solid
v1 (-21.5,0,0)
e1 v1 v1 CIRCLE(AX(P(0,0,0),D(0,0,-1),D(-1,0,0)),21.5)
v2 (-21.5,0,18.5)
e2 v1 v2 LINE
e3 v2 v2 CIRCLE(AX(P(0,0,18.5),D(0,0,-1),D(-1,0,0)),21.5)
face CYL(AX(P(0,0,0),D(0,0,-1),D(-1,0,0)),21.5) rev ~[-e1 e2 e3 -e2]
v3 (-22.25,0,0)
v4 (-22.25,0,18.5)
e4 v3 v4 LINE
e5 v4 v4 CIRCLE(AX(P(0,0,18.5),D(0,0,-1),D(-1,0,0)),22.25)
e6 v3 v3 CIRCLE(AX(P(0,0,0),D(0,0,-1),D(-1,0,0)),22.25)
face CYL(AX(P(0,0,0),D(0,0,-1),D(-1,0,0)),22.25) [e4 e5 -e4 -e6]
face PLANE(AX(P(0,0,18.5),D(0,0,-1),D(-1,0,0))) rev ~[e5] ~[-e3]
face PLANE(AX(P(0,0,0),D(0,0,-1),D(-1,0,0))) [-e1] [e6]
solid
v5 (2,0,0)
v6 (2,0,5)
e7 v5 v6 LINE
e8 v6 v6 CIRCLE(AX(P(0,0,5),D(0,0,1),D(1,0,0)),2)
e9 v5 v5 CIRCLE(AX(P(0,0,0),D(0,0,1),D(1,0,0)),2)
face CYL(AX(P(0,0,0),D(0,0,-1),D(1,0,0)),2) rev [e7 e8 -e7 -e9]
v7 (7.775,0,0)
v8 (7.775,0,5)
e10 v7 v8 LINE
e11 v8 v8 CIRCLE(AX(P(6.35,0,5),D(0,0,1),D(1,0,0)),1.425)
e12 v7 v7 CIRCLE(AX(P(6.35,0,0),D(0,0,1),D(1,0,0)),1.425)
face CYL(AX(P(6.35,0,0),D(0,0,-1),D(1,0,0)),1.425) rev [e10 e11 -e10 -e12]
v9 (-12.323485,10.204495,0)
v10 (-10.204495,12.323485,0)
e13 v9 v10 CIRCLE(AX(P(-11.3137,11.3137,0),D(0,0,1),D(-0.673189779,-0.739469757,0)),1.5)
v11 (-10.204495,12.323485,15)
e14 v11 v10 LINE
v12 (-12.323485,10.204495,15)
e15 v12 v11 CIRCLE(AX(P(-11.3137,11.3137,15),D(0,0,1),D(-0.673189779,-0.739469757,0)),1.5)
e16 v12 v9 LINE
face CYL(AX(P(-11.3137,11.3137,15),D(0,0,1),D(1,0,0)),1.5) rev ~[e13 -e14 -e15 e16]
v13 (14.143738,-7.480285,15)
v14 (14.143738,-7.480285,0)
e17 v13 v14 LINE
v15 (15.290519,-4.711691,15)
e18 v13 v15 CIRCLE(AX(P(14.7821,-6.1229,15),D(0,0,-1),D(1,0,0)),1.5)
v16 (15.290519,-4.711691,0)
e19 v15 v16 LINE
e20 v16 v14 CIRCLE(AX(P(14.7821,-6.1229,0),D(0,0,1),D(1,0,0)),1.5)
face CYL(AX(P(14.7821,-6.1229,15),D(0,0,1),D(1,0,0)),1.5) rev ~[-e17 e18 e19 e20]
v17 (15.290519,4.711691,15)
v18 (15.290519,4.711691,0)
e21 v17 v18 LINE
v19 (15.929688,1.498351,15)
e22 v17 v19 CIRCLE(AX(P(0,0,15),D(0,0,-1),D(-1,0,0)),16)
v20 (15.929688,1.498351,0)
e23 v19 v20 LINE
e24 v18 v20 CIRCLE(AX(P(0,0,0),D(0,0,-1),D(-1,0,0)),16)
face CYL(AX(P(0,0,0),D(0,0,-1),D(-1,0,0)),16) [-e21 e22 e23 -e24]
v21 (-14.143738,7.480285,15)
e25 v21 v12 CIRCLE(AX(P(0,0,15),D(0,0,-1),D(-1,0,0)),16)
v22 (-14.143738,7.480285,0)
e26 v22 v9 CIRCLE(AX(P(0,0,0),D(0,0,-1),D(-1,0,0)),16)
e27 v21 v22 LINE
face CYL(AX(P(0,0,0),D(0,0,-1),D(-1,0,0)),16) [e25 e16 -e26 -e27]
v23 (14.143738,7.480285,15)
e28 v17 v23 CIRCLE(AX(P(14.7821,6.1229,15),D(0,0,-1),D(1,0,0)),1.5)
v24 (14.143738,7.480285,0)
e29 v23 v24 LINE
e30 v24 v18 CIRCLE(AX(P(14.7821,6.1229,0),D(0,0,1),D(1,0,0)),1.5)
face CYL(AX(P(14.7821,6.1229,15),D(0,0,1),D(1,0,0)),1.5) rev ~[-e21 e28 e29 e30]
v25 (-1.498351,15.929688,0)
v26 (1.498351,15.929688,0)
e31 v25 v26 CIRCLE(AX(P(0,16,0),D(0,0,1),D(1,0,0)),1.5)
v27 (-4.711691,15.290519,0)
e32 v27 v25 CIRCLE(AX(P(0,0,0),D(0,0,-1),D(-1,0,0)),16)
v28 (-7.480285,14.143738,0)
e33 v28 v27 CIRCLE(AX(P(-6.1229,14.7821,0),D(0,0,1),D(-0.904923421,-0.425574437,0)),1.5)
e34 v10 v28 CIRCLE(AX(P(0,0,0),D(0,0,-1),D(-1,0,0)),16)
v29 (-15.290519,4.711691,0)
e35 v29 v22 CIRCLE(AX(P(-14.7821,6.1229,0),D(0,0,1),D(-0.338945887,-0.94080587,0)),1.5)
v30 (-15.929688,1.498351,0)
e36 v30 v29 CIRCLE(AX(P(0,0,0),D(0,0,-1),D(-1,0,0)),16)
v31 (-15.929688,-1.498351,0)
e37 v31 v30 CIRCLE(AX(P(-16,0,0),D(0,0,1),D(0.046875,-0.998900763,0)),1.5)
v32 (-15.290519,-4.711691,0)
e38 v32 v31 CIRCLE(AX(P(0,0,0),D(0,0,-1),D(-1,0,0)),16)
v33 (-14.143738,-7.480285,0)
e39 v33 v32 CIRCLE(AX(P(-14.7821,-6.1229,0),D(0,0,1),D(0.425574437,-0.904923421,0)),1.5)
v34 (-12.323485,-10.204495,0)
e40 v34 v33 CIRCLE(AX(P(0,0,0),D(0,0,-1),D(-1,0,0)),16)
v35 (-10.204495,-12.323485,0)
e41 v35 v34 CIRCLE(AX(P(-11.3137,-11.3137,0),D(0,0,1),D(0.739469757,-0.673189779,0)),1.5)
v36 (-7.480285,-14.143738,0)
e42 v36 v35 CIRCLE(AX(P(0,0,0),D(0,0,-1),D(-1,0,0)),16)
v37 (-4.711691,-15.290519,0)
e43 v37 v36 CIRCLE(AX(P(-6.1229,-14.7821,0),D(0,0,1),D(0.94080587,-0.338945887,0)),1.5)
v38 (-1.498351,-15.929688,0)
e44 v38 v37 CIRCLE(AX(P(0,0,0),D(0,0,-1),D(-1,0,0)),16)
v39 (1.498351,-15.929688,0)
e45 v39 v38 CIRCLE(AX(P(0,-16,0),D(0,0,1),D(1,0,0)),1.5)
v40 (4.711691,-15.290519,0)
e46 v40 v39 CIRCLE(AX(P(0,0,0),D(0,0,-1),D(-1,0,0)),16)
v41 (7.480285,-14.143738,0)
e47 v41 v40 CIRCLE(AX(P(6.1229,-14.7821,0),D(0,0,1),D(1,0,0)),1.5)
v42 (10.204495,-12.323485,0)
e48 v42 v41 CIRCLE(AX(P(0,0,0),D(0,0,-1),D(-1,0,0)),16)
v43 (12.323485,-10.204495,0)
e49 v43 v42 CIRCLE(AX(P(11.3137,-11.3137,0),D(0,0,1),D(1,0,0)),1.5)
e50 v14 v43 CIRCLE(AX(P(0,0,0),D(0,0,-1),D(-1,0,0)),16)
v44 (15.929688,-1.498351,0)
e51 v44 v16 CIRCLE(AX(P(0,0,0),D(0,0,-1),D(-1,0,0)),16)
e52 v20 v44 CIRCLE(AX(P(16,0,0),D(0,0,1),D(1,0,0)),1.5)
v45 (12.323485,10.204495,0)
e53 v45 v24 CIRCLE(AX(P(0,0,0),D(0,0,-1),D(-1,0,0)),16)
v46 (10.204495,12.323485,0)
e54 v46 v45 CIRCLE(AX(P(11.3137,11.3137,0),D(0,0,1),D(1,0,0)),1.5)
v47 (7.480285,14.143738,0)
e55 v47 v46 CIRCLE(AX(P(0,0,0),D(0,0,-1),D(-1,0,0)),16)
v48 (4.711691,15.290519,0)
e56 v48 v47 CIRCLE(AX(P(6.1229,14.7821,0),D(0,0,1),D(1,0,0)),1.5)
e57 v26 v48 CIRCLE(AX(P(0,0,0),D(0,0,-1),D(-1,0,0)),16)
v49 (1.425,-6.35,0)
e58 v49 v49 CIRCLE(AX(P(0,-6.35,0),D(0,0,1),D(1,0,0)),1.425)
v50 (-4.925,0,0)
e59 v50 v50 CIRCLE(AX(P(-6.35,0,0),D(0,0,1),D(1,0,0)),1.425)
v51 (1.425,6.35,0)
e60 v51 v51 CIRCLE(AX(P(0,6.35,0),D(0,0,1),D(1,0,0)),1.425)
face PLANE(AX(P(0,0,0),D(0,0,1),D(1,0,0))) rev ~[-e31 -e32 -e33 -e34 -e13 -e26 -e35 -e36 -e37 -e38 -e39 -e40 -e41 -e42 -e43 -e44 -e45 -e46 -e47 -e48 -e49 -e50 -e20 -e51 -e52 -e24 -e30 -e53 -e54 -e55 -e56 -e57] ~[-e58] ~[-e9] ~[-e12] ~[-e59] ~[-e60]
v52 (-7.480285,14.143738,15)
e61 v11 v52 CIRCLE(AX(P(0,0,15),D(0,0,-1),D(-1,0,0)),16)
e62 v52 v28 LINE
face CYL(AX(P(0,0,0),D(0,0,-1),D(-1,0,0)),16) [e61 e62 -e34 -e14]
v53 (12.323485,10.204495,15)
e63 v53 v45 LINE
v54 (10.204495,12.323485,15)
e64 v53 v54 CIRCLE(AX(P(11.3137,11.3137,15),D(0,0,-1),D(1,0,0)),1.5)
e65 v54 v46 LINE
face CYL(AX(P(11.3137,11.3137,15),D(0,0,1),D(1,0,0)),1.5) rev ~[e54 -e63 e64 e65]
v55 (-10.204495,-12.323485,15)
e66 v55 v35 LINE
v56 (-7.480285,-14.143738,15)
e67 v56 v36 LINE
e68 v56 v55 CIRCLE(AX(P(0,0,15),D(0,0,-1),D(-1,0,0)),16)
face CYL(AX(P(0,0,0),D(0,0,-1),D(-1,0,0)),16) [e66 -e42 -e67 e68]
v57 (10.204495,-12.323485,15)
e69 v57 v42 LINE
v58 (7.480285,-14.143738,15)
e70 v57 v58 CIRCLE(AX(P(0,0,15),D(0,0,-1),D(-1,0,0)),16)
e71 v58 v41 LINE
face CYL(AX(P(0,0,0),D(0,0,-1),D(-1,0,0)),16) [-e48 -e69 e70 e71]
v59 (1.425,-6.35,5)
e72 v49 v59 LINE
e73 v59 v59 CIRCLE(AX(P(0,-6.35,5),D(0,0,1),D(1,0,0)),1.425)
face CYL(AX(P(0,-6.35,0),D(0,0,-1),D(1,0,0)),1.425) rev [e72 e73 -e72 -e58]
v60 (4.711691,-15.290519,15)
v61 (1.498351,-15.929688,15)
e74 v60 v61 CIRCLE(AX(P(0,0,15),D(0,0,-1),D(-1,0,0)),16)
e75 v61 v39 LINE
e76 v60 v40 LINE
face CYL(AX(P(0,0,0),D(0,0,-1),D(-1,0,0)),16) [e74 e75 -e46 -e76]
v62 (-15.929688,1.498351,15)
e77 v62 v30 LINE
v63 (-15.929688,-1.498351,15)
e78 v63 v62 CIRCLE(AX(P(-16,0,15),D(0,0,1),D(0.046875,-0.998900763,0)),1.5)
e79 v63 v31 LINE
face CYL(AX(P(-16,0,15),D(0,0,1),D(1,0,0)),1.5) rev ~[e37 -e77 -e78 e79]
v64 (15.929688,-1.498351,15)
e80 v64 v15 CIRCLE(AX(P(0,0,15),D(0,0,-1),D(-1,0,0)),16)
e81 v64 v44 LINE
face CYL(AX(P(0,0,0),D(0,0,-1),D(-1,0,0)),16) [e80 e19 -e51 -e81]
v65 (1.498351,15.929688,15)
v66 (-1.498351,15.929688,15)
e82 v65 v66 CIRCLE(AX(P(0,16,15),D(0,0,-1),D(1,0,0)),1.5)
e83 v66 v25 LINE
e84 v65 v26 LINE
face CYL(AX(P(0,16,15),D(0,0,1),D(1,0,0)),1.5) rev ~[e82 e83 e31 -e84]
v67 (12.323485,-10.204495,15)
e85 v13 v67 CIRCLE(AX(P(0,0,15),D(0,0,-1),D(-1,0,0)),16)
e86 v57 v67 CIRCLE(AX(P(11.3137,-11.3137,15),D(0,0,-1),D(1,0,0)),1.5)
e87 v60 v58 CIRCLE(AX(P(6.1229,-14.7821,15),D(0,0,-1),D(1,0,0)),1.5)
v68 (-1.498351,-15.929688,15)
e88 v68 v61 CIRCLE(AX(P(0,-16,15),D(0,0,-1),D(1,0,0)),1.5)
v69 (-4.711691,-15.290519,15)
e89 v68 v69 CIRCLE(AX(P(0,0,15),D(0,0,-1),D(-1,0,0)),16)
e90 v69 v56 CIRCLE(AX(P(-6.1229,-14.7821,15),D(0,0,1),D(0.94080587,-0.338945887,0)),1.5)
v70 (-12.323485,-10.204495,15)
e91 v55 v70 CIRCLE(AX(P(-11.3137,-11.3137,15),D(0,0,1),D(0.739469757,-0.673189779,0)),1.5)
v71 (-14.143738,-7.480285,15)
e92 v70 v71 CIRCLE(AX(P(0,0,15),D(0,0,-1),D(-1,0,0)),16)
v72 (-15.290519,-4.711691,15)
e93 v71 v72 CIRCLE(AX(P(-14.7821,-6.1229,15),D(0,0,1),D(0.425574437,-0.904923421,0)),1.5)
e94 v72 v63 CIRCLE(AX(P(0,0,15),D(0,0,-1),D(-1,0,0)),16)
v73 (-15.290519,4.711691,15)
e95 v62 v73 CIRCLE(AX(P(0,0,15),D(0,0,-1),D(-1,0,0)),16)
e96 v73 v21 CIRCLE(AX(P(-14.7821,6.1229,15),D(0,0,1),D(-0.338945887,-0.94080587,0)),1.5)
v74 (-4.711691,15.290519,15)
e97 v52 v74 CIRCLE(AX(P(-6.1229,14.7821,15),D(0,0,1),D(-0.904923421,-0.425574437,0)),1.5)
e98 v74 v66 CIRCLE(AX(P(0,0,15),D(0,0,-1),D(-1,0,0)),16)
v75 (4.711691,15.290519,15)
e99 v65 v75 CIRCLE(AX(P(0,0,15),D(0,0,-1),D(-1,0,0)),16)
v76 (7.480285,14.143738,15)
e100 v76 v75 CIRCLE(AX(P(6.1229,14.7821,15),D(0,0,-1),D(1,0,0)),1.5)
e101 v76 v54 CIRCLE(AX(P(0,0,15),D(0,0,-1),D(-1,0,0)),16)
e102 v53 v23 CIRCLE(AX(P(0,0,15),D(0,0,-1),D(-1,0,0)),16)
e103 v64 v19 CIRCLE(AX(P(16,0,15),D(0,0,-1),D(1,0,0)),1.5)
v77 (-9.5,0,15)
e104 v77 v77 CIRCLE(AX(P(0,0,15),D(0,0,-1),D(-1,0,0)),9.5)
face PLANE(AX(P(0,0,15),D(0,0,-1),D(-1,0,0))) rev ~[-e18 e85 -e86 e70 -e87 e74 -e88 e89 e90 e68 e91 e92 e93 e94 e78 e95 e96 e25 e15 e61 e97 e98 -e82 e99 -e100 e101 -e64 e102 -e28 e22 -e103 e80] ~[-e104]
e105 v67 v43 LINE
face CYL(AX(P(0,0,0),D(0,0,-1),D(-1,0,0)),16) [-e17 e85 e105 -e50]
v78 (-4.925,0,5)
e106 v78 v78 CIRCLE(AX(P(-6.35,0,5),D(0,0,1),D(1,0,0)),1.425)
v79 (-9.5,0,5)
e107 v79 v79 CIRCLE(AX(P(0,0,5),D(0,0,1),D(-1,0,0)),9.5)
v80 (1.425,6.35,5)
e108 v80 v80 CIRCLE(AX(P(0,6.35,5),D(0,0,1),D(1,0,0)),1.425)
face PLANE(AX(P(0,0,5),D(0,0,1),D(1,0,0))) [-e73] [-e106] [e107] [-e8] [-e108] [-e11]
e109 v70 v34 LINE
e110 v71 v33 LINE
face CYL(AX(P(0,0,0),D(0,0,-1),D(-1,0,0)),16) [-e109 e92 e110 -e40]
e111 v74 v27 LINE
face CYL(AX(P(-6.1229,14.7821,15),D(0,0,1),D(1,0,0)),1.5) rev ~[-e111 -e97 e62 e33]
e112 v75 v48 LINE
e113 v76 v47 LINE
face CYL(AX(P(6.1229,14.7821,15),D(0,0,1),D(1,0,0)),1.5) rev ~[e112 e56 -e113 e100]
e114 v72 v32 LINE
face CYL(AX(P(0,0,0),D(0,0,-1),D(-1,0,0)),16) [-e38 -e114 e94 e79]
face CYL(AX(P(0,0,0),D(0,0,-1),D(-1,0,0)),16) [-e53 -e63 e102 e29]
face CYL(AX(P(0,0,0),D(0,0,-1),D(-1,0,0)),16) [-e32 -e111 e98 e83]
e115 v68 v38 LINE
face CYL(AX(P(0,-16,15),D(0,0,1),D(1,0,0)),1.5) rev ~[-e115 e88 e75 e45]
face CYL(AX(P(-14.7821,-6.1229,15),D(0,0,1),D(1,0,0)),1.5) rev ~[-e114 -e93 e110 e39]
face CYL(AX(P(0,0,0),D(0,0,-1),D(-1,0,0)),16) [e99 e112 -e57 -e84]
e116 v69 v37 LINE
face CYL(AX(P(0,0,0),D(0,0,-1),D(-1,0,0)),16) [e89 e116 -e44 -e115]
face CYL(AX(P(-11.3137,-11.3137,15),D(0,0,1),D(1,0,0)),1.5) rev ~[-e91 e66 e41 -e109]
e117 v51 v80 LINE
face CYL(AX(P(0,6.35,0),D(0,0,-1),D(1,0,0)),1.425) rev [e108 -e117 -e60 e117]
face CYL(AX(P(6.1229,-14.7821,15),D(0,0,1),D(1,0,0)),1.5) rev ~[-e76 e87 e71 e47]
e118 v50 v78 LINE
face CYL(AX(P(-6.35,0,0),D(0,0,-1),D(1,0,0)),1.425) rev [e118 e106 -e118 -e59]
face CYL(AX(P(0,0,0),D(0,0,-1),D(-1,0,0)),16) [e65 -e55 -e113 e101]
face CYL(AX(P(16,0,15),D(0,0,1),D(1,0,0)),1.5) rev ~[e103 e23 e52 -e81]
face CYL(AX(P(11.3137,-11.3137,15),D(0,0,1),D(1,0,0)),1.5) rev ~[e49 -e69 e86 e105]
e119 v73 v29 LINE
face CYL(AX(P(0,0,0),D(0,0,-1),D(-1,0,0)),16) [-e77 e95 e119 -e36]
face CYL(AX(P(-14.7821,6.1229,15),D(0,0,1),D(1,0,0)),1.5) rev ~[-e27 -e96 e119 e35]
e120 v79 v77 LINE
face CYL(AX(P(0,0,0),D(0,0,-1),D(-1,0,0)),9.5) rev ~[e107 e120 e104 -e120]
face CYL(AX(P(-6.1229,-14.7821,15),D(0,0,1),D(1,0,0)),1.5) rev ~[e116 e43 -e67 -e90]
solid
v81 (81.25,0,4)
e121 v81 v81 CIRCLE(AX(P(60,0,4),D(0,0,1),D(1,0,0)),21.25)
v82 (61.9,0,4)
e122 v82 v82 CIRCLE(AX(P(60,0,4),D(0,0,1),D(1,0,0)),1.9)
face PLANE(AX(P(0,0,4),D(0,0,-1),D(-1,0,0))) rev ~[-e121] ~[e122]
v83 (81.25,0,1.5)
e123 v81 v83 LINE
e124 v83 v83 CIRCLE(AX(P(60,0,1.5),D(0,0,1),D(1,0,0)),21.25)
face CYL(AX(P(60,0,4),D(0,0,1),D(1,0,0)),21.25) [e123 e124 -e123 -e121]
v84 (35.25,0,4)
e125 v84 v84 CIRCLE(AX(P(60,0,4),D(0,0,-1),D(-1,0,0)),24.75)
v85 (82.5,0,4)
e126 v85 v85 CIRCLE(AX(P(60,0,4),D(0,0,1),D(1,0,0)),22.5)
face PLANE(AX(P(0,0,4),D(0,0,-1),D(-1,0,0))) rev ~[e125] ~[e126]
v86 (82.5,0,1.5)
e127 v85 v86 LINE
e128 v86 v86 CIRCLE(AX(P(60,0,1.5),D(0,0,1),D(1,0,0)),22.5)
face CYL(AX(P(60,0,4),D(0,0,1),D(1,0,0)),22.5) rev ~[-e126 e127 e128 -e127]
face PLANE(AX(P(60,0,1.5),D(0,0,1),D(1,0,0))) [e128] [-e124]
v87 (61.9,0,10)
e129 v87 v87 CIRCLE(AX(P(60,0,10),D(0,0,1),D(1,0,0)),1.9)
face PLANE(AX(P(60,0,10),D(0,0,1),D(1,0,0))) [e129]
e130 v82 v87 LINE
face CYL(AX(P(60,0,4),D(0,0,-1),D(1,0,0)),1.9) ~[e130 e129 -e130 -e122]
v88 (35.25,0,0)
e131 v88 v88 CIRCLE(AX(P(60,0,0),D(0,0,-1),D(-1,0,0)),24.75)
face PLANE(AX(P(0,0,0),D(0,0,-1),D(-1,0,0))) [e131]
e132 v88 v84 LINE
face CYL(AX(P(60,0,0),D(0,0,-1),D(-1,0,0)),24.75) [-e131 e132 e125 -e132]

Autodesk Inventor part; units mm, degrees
ref_plane "YZ Plane" through (0, 0, 0) normal (1, 0, 0) x (0, 1, 0)
ref_plane "XZ Plane" through (0, 0, 0) normal (0, 1, 0) x (-1, 0, 0)
ref_plane "XY Plane" through (0, 0, 0) normal (0, 0, 1) x (1, 0, 0)
sketch "Sketch1" plane through (0, 0, 0) normal (0, 0, 1) x (1, 0, 0)
  circle A0 centre (0, 0) radius 9.5
  circle A1 centre (0, 6.35) radius 1.425
  circle A2 centre (6.35, 0) radius 1.425
  circle A3 centre (0, -6.35) radius 1.425
  circle A4 centre (-6.35, 0) radius 1.425
  circle A5 centre (0, 0) radius 2
  dimension "d0" = 19
  dimension "d1" = 2.85
  dimension "d2" = 2.85
  dimension "d3" = 2.85
  dimension "d4" = 2.85
  dimension "d5" = 4
  dimension "d6" = 6.35
  dimension "d7" = 6.35
  dimension "d8" = 6.35
  dimension "d9" = 6.35
extrude "Hub Mount" add sketch "Sketch1" along normal blind 5
sketch "Sketch2" plane through (0, 0, 0) normal (0, 0, -1) x (-1, 0, 0)
  circle A0 centre (0, 0) radius 9.5
  circle A1 centre (0, 0) radius 16
  dimension "d12" = 19
  dimension "d13" = 32
extrude "Tire Mount" add sketch "Sketch2" against normal blind 15
sketch "Sketch4" plane through (0, 0, 15) normal (0, 0, 1) x (1, 0, 0)
  circle A0 centre (0, 16) radius 1.5
  circle A1 centre (0, 0) radius 16 projected
  circle A2 centre (-16, 0) radius 1.5
  circle A3 centre (0, -16) radius 1.5
  circle A4 centre (16, 0) radius 1.5
  circle A5 centre (0, 0) radius 16 projected
  line L0 (-16, 0) -> (16, 0)
  circle A6 centre (11.3137, 11.3137) radius 1.5
  line L1 (11.3137, 11.3137) -> (0, 0)
  line L2 (0, 0) -> (6.1229, 14.7821)
  line L3 (0, 0) -> (14.7821, 6.1229)
  line L4 (0, 0) -> (14.7821, -6.1229)
  line L5 (0, 0) -> (11.3137, -11.3137)
  line L6 (0, 0) -> (6.1229, -14.7821)
  line L7 (0, 0) -> (-6.1229, -14.7821)
  line L8 (0, 0) -> (-11.3137, -11.3137)
  line L9 (0, 0) -> (-14.7821, -6.1229)
  line L10 (0, 16) -> (0, -16)
  line L11 (0, 0) -> (-6.1229, 14.7821)
  line L12 (0, 0) -> (-11.3137, 11.3137)
  line L13 (0, 0) -> (-14.7821, 6.1229)
  circle A7 centre (6.1229, 14.7821) radius 1.5
  circle A8 centre (14.7821, 6.1229) radius 1.5
  circle A9 centre (14.7821, -6.1229) radius 1.5
  circle A10 centre (11.3137, -11.3137) radius 1.5
  circle A11 centre (6.1229, -14.7821) radius 1.5
  circle A12 centre (-6.1229, -14.7821) radius 1.5
  circle A13 centre (-11.3137, -11.3137) radius 1.5
  circle A14 centre (-14.7821, -6.1229) radius 1.5
  circle A15 centre (-14.7821, 6.1229) radius 1.5
  circle A16 centre (-11.3137, 11.3137) radius 1.5
  circle A17 centre (-6.1229, 14.7821) radius 1.5
  dimension "d21" = 3
  dimension "d22" = 3
  dimension "d23" = 3
  dimension "d24" = 3
  dimension "d29" = 3
  dimension "d30" = 22.5
  dimension "d31" = 22.5
  dimension "d32" = 22.5
  dimension "d33" = 22.5
  dimension "d34" = 22.5
  dimension "d35" = 22.5
  dimension "d36" = 22.5
  dimension "d37" = 22.5
  dimension "d38" = 22.5
  dimension "d39" = 22.5
  dimension "d40" = 22.5
  dimension "d41" = 22.5
  dimension "d42" = 3
  dimension "d43" = 3
  dimension "d44" = 3
  dimension "d45" = 3
  dimension "d46" = 3
  dimension "d47" = 3
  dimension "d48" = 3
  dimension "d49" = 3
  dimension "d50" = 3
  dimension "d51" = 3
  dimension "d52" = 3
extrude "Tire Grip Extrusion" cut sketch "Sketch4" against normal through all contours A0 A1 | A1 L10 A0 | A0 L10 A1 | A17 L11 A1 | A1 A17 | A7 A1 | A1 L2 A7 | L11 A17 A1 | A1 A7 L2 | L0 A1 A2 | A2 A1 L0 | L0 A1 A4 | A4 A1 L0 | L1 A1 A6 | A6 A1 L1 | A8 A1 L3 | L3 A1 A8 | A9 A1 L4 | L4 A1 A9 | A10 A1 L5 | L5 A1 A10 | A11 A1 L6 | L6 A1 A11 | A12 A1 L7 | L7 A1 A12 | A13 A1 L8 | L8 A1 A13 | A14 A1 L9 | L9 A1 A14 | L10 A1 A3 | A3 A1 L10 | A16 A1 L12 | L12 A1 A16 | A15 A1 L13 | L13 A1 A15 | A1 A16 | A1 A2 | A4 A1 | A6 A1 | A1 A8 | A1 A9 | A1 A10 | A1 A11 | A1 A12 | A1 A13 | A1 A14 | A3 A1 | A1 A15
sketch "Sketch5" plane through (0, 0, 0) normal (0, 0, -1) x (-1, 0, 0)
  circle A0 centre (0, 0) radius 21.5
  circle A1 centre (0, 0) radius 22.25
  dimension "d55" = 43
  dimension "d56" = 44.5
extrude "Tire Mold Shell" add sketch "Sketch5" against normal blind 18.5
sketch "Sketch6" plane through (0, 0, 0) normal (0, 0, -1) x (-1, 0, 0)
  circle A0 centre (-60, 0) radius 24.75
  point P0 (0, 0)
  dimension "d59" = 49.5
  dimension "d60" = 60
extrude "Tire Mold Base" add sketch "Sketch6" against normal blind 4
sketch "Sketch7" plane through (60, 0, 4) normal (0, 0, 1) x (1, 0, 0)
  circle A0 centre (0, 0) radius 22.5
  circle A1 centre (0, 0) radius 21.25
  point P0 (-60, 0)
  dimension "d65" = 42.5
  dimension "d66" = 45
  dimension "d67" = 60
extrude "Inset into base for shell" cut sketch "Sketch7" against normal blind 2.5
sketch "Sketch8" plane through (60, 0, 4) normal (0, 0, 1) x (1, 0, 0)
  circle A0 centre (0, 0) radius 1.9
  point P0 (-60, 0)
  dimension "d70" = 3.8
  dimension "d71" = 60
extrude "Extrusion7" add sketch "Sketch8" along normal blind 6
equation "\"d2\" = d1"
equation "\"d3\" = d1"
equation "\"d4\" = d1"
equation "\"d7\" = d6"
equation "\"d8\" = d6"
equation "\"d9\" = d7"
equation "\"d22\" = d21"
equation "\"d23\" = d21"
equation "\"d24\" = d21"
equation "\"d29\" = d24"
equation "\"d31\" = d30"
equation "\"d32\" = d30"
equation "\"d33\" = d30"
equation "\"d34\" = d33"
equation "\"d35\" = d34"
equation "\"d36\" = d30"
equation "\"d37\" = d30"
equation "\"d38\" = d30"
equation "\"d39\" = d30"
equation "\"d40\" = d30"
equation "\"d41\" = d30"
equation "\"d42\" = d21"
equation "\"d43\" = d21"
equation "\"d44\" = d21"
equation "\"d45\" = d21"
equation "\"d46\" = d21"
equation "\"d47\" = d21"
equation "\"d48\" = d21"
equation "\"d49\" = d21"
equation "\"d50\" = d21"
equation "\"d51\" = d21"
equation "\"d52\" = d21"
properties part number "Wheel"
